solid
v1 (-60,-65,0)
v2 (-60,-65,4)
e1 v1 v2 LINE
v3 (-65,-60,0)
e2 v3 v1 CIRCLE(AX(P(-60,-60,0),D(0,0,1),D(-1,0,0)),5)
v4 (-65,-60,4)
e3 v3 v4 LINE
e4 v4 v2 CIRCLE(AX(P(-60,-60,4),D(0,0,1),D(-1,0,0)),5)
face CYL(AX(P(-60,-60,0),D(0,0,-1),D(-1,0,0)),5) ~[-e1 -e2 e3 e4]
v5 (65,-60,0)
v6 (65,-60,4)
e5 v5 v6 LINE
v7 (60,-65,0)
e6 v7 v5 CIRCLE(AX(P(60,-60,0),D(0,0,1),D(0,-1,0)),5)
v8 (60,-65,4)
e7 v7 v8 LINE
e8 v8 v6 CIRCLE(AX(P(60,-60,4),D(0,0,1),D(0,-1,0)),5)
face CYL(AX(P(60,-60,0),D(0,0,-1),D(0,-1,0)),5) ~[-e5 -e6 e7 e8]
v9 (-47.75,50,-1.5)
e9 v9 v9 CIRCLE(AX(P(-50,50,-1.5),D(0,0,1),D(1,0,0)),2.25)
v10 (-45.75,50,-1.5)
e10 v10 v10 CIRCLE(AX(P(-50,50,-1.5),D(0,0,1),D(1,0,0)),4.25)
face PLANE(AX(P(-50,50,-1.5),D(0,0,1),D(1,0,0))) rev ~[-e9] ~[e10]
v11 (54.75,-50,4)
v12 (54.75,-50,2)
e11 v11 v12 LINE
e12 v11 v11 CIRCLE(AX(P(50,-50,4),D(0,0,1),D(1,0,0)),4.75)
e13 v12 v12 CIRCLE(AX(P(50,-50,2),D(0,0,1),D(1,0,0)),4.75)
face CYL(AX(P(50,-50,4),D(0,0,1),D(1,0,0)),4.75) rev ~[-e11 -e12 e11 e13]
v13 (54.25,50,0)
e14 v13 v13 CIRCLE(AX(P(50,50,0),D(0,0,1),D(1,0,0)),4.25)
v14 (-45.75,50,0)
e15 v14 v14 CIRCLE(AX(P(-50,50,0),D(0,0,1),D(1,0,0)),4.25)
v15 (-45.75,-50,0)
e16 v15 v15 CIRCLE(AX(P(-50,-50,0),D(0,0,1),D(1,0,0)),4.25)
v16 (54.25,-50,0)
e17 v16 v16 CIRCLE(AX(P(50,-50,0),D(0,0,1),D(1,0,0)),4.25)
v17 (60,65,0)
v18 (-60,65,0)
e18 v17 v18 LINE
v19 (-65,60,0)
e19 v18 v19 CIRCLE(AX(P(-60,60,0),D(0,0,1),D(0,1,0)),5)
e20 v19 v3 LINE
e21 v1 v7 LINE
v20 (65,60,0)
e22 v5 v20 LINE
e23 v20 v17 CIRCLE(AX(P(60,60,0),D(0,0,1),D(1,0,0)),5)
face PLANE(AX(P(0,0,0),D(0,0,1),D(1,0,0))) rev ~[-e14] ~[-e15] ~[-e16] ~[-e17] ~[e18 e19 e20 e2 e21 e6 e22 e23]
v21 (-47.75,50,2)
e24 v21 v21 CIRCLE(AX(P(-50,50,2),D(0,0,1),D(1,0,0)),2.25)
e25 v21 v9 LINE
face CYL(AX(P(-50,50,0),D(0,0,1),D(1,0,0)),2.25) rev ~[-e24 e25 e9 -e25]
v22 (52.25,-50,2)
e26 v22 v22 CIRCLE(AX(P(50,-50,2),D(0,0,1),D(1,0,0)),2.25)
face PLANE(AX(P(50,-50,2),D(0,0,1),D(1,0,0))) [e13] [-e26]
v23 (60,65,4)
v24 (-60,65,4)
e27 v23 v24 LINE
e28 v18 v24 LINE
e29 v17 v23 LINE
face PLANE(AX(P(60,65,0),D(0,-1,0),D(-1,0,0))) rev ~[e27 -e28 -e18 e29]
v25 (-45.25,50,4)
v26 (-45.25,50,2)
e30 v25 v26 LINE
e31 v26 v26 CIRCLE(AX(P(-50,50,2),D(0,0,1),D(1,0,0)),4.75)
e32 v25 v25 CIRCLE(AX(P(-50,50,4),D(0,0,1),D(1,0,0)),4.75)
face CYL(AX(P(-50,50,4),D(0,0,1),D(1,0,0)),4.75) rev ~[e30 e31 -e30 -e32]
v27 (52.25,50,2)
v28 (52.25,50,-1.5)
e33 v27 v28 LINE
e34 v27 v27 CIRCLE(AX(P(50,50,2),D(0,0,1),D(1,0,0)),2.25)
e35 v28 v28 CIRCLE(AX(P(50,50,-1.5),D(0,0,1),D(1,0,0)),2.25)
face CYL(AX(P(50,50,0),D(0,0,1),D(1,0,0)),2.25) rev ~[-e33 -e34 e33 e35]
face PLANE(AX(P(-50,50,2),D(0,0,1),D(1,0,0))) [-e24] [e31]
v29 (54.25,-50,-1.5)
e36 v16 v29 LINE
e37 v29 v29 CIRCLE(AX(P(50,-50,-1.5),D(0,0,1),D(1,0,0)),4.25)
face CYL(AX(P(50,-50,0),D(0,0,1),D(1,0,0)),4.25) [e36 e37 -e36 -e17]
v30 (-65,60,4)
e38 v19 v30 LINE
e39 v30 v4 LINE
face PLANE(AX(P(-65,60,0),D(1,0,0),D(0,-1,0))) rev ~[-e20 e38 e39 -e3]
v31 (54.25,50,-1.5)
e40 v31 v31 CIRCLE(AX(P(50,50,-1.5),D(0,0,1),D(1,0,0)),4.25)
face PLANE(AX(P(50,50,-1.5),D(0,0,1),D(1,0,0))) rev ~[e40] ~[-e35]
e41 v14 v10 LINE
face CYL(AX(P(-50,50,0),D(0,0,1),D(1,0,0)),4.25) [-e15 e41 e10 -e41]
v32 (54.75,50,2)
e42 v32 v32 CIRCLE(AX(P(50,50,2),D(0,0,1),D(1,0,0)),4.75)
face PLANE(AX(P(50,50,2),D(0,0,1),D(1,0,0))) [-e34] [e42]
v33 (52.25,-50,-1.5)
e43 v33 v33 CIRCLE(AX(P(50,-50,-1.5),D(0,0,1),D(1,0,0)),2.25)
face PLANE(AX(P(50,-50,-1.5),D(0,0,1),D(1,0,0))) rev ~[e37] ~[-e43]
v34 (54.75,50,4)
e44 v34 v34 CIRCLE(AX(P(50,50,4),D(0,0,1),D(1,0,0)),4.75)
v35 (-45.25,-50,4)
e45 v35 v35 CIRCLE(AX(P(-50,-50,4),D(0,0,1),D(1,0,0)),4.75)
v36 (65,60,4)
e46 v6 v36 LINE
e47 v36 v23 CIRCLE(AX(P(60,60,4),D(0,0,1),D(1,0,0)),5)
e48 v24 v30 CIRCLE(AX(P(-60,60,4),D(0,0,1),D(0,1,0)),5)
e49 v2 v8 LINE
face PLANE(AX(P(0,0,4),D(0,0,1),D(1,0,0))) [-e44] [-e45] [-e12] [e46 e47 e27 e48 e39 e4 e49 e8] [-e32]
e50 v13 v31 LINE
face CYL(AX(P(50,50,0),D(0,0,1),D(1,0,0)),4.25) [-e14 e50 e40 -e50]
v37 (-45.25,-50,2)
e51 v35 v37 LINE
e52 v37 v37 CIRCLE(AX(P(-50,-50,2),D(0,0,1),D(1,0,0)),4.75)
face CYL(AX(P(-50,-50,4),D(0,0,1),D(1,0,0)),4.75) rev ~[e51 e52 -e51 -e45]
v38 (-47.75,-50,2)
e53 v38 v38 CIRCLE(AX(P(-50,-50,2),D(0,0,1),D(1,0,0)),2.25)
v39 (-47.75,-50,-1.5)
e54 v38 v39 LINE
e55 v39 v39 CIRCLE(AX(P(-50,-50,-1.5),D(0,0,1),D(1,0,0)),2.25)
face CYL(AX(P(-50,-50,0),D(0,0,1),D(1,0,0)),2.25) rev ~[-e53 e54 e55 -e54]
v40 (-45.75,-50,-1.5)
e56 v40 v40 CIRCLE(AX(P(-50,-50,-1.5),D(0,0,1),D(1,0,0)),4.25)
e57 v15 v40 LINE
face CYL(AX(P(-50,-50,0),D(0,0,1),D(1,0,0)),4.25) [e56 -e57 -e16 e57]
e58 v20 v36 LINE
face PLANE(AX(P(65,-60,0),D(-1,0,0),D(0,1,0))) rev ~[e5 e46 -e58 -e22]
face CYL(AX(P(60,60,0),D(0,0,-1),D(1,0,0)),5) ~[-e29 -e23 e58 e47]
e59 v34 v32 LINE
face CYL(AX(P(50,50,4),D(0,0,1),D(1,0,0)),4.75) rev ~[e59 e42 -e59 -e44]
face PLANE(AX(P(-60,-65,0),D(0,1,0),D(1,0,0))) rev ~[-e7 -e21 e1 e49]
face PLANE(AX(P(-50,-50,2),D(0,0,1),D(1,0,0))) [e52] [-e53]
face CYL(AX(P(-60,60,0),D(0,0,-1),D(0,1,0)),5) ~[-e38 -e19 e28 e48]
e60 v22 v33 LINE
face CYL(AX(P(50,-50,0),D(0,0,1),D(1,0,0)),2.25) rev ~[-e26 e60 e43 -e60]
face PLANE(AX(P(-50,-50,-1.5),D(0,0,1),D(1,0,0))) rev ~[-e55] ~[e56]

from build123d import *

# Parameters (mm, degrees)
F0_R     = 4.25
F0_R_2   = 2.25
F1_DEPTH = 4
F2_DEPTH = 1.5
F3_R     = 4.75
F3_R_2   = 2.25
F4_DEPTH = 2


with BuildPart() as f1:
    # F0 (on Top) → F1 (new body)
    with BuildSketch(Plane.XY):
        with BuildLine():
            ThreePointArc((-65, -60), (-63.5355339059, -63.5355339059), (-60, -65))
            Line((-60, -65), (60, -65))
            ThreePointArc((60, -65), (63.5355339059, -63.5355339059), (65, -60))
            Line((65, -60), (65, 60))
            ThreePointArc((65, 60), (63.5355339059, 63.5355339059), (60, 65))
            Line((60, 65), (-60, 65))
            ThreePointArc((-60, 65), (-63.5355339059, 63.5355339059), (-65, 60))
            Line((-65, 60), (-65, -60))
        make_face()
        with Locations((-50, -50)):
            Circle(F0_R, mode=Mode.SUBTRACT)
        with Locations((50, -50)):
            Circle(F0_R, mode=Mode.SUBTRACT)
        with Locations((-50, 50)):
            Circle(F0_R, mode=Mode.SUBTRACT)
        with Locations((50, 50)):
            Circle(F0_R, mode=Mode.SUBTRACT)
        with Locations((-50, -50)):
            Circle(F0_R)
        with Locations((-50, -50)):
            Circle(F0_R_2, mode=Mode.SUBTRACT)
        with Locations((50, -50)):
            Circle(F0_R)
        with Locations((50, -50)):
            Circle(F0_R_2, mode=Mode.SUBTRACT)
        with Locations((50, 50)):
            Circle(F0_R)
        with Locations((50, 50)):
            Circle(F0_R_2, mode=Mode.SUBTRACT)
        with Locations((-50, 50)):
            Circle(F0_R)
        with Locations((-50, 50)):
            Circle(F0_R_2, mode=Mode.SUBTRACT)
    extrude(amount=F1_DEPTH)

    # F0 (on Top) → F2 (join)
    with BuildSketch(Plane.XY):
        with Locations((50, -50)):
            Circle(F0_R)
        with Locations((50, -50)):
            Circle(F0_R_2, mode=Mode.SUBTRACT)
        with Locations((50, 50)):
            Circle(F0_R)
        with Locations((50, 50)):
            Circle(F0_R_2, mode=Mode.SUBTRACT)
        with Locations((-50, 50)):
            Circle(F0_R)
        with Locations((-50, 50)):
            Circle(F0_R_2, mode=Mode.SUBTRACT)
        with Locations((-50, -50)):
            Circle(F0_R)
        with Locations((-50, -50)):
            Circle(F0_R_2, mode=Mode.SUBTRACT)
    extrude(amount=-F2_DEPTH)

    # F3 (on face) → F4 (cut)
    with BuildSketch(Plane.XY.offset(4)):
        with Locations((-50, 50)):
            Circle(F3_R)
        with Locations((-50, 50)):
            Circle(F3_R_2, mode=Mode.SUBTRACT)
        with Locations((50, 50)):
            Circle(F3_R)
        with Locations((50, 50)):
            Circle(F3_R_2, mode=Mode.SUBTRACT)
        with Locations((50, -50)):
            Circle(F3_R)
        with Locations((50, -50)):
            Circle(F3_R_2, mode=Mode.SUBTRACT)
        with Locations((-50, -50)):
            Circle(F3_R)
        with Locations((-50, -50)):
            Circle(F3_R_2, mode=Mode.SUBTRACT)
    extrude(amount=-F4_DEPTH, mode=Mode.SUBTRACT)


solid = f1.part
